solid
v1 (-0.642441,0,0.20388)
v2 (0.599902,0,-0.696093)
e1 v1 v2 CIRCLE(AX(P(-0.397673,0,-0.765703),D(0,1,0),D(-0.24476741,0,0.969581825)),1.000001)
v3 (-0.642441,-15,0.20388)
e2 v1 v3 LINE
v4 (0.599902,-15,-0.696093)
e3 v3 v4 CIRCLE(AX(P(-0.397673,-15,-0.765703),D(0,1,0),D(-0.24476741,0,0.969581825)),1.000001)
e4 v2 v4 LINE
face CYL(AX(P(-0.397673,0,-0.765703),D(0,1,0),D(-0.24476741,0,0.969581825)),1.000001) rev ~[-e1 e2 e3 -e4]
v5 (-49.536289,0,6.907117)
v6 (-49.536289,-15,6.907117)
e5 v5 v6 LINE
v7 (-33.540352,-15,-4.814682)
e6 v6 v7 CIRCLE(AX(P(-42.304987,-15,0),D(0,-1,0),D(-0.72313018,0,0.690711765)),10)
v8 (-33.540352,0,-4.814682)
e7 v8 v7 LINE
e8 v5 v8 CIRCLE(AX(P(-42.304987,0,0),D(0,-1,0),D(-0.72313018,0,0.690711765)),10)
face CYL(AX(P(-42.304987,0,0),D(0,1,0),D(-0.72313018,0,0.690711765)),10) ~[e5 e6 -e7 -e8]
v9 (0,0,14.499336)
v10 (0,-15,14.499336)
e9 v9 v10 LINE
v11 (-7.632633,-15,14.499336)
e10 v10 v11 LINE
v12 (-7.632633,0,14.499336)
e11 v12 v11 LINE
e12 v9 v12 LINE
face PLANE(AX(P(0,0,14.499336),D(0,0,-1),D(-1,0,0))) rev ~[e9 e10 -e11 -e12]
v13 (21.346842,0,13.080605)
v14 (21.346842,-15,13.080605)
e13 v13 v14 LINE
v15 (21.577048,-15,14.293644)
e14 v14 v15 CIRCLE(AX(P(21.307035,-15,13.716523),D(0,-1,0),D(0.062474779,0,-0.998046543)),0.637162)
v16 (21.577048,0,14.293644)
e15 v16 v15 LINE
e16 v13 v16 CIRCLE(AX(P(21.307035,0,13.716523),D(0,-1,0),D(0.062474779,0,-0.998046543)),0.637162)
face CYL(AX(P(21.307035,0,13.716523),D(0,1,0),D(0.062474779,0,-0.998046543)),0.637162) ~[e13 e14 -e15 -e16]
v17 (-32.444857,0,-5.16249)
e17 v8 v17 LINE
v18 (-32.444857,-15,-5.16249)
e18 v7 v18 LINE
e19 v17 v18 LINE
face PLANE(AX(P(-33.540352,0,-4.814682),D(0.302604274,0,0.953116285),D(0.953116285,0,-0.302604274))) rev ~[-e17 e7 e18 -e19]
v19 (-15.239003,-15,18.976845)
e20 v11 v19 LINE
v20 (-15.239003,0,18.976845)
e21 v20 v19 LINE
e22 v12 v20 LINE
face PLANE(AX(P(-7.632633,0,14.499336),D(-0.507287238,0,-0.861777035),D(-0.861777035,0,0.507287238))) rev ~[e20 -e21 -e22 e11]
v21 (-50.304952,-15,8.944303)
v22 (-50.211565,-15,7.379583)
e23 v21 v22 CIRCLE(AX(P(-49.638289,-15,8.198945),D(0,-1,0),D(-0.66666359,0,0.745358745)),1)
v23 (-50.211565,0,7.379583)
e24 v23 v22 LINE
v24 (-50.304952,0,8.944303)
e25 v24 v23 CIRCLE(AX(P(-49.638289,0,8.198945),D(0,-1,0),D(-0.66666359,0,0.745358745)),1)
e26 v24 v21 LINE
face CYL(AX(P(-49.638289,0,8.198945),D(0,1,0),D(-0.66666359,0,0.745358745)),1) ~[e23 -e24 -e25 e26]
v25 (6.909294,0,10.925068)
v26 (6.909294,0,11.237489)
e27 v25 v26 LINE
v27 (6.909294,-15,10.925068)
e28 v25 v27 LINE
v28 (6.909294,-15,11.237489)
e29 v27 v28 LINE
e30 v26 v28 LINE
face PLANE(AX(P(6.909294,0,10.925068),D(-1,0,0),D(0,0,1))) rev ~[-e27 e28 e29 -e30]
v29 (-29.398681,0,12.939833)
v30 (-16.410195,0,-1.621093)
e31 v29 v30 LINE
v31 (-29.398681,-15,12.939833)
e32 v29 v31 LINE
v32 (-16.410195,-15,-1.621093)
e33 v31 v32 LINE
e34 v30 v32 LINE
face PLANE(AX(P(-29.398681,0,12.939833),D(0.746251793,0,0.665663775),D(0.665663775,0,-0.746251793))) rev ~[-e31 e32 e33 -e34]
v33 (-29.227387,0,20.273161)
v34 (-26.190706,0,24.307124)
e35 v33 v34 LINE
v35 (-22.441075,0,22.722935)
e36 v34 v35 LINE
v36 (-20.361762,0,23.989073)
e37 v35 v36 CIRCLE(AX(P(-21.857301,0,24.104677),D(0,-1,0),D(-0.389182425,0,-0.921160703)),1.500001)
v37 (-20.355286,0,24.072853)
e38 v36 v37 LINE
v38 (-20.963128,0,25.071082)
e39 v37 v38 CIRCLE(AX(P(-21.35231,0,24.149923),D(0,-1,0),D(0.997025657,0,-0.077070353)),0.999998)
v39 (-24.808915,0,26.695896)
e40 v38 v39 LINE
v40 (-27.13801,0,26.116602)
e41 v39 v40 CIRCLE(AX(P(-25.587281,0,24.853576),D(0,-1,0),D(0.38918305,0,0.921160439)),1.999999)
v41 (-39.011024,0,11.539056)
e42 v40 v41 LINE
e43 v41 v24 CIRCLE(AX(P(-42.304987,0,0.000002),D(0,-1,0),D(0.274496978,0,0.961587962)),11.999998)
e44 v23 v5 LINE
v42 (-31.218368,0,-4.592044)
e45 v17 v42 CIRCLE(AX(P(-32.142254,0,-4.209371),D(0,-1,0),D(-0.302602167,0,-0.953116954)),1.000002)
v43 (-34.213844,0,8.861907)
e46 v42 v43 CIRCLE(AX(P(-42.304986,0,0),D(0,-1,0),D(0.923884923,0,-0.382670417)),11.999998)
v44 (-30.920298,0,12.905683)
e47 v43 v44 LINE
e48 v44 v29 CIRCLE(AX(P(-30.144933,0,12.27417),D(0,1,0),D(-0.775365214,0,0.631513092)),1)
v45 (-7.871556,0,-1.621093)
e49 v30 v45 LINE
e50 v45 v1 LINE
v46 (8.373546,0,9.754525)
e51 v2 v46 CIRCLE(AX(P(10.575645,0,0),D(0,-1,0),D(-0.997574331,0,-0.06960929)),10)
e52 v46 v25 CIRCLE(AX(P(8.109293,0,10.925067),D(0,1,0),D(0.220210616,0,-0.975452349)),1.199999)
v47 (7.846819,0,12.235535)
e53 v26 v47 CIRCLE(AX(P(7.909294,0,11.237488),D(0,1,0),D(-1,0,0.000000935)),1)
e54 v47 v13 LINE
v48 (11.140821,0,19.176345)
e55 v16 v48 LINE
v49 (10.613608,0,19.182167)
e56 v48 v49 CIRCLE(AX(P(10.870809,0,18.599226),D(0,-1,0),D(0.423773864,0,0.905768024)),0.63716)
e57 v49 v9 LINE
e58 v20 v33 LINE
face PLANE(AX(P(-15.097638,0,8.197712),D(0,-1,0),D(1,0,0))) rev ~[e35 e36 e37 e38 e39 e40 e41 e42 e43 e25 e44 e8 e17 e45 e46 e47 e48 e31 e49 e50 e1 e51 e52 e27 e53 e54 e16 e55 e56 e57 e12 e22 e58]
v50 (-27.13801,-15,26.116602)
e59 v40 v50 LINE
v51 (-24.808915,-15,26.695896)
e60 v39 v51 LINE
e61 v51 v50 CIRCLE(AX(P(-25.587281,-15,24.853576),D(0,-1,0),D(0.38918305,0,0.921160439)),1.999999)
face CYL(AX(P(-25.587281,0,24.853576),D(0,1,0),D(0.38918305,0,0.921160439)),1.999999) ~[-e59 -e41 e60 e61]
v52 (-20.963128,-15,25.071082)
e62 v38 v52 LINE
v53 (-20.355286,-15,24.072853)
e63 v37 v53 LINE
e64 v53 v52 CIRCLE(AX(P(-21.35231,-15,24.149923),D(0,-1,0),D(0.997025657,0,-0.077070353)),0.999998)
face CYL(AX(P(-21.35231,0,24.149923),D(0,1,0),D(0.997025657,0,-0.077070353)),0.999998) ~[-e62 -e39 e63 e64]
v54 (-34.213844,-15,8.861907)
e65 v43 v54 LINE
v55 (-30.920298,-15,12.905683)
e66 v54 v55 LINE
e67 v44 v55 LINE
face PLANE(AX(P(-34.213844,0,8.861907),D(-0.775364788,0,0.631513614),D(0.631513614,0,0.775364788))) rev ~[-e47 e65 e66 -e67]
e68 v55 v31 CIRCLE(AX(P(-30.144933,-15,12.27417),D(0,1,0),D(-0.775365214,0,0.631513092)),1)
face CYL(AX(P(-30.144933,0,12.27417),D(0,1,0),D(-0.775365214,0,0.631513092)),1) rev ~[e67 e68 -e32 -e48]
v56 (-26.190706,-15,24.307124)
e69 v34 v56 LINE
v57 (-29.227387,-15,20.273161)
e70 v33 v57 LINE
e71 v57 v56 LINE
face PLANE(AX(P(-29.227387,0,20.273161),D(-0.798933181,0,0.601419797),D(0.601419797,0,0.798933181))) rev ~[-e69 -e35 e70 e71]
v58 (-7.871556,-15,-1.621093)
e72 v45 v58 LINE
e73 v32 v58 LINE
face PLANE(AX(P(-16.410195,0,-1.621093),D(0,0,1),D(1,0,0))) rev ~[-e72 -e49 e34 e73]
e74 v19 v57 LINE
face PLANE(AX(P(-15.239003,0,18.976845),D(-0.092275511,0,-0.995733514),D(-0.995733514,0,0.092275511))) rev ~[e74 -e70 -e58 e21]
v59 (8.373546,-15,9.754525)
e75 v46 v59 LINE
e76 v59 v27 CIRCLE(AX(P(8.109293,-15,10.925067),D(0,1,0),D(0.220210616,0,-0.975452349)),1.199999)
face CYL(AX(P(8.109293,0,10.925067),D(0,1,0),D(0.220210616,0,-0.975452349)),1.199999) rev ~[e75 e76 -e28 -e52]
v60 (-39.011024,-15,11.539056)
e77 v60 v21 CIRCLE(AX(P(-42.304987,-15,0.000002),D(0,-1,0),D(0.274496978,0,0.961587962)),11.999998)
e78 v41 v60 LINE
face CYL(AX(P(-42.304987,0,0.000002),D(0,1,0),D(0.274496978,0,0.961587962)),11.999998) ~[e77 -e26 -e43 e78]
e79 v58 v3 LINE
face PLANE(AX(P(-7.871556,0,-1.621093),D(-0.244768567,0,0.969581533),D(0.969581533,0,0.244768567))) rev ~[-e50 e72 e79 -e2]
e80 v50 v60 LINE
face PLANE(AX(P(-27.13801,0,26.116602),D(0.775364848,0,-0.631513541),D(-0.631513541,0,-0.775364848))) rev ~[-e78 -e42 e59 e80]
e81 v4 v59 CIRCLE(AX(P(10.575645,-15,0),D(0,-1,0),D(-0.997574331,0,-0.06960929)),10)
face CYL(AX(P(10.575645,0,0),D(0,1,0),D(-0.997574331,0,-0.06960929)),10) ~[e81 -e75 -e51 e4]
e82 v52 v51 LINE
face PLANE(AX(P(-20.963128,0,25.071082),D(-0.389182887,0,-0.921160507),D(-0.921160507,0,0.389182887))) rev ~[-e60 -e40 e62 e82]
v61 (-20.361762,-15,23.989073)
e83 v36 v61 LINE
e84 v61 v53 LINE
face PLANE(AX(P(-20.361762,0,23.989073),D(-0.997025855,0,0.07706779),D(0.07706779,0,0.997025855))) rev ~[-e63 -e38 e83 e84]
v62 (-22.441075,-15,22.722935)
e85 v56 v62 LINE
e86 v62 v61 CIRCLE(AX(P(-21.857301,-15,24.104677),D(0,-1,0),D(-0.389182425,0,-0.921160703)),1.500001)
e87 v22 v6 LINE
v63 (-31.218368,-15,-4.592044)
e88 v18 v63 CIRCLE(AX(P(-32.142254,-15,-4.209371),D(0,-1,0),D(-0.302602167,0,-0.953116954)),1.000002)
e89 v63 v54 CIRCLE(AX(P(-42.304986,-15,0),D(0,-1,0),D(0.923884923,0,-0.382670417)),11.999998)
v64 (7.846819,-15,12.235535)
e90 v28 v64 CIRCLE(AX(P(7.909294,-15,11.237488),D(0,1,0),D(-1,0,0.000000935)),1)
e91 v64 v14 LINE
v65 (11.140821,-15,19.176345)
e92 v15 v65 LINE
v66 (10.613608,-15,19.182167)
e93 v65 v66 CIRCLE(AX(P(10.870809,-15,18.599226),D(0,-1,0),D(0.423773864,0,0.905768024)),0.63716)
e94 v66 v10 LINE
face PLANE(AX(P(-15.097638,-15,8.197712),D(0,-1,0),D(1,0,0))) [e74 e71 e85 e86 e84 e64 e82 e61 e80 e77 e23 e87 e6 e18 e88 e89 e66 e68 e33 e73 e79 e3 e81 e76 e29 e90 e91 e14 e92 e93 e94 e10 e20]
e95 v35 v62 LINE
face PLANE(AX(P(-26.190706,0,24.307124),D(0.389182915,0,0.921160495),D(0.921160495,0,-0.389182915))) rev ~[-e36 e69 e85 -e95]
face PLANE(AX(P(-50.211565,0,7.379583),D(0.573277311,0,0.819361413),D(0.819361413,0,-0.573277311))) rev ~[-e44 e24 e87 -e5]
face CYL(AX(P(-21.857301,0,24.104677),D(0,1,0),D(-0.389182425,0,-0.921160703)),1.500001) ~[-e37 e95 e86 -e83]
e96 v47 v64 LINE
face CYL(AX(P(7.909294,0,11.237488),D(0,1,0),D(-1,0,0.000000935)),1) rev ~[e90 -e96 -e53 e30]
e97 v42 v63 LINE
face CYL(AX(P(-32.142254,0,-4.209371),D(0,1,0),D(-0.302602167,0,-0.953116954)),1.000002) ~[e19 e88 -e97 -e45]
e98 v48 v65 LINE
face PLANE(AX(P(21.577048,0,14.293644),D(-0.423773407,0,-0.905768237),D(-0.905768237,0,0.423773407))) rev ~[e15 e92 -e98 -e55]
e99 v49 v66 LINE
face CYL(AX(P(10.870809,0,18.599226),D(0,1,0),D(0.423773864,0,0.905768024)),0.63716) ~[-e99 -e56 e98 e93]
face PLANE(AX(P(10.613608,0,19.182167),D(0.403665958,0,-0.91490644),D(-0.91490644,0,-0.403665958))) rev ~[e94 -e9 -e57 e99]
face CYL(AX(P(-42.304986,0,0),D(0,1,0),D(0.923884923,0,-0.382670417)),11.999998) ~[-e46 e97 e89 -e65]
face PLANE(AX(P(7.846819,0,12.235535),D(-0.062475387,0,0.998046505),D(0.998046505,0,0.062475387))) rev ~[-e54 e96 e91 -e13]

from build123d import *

# Parameters (mm, degrees)
F1_DEPTH = 15


with BuildPart() as f1:
    # F0 (on Front) → F1 (new body)
    with BuildSketch(Plane.XZ):
        with BuildLine():
            Line((-50.211565, 7.379583), (-49.536289, 6.907117))
            ThreePointArc((-49.536289, 6.907117), (-48.215818, -8.066107), (-33.540352, -4.814682))
            Line((-33.540352, -4.814682), (-32.444857, -5.16249))
            ThreePointArc((-32.444857, -5.16249), (-31.720531, -5.116098), (-31.218368, -4.592044))
            ThreePointArc((-31.218368, -4.592044), (-30.591796, 2.607902), (-34.213844, 8.861907))
            Line((-34.213844, 8.861907), (-30.920298, 12.905683))
            ThreePointArc((-30.920298, 12.905683), (-30.167371, 13.273918), (-29.398681, 12.939833))
            Line((-29.398681, 12.939833), (-16.410195, -1.621093))
            Line((-16.410195, -1.621093), (-7.871556, -1.621093))
            Line((-7.871556, -1.621093), (-0.642441, 0.20388))
            ThreePointArc((-0.642441, 0.20388), (0.188985, 0.044133), (0.599902, -0.696093))
            ThreePointArc((0.599902, -0.696093), (18.599287, -5.968348), (8.373546, 9.754525))
            ThreePointArc((8.373546, 9.754525), (7.359995, 9.987757), (6.909294, 10.925068))
            Line((6.909294, 10.925068), (6.909294, 11.237489))
            ThreePointArc((6.909294, 11.237489), (7.180434, 11.922151), (7.846819, 12.235535))
            Line((7.846819, 12.235535), (21.346842, 13.080605))
            ThreePointArc((21.346842, 13.080605), (21.933025, 13.597725), (21.577048, 14.293644))
            Line((21.577048, 14.293644), (11.140821, 19.176345))
            ThreePointArc((11.140821, 19.176345), (10.877845, 19.236347), (10.613608, 19.182167))
            Line((10.613608, 19.182167), (0, 14.499336))
            Line((0, 14.499336), (-7.632633, 14.499336))
            Line((-7.632633, 14.499336), (-15.239003, 18.976845))
            Line((-15.239003, 18.976845), (-29.227387, 20.273161))
            Line((-29.227387, 20.273161), (-26.190706, 24.307124))
            Line((-26.190706, 24.307124), (-22.441075, 22.722935))
            ThreePointArc((-22.441075, 22.722935), (-21.077169, 22.823507), (-20.361762, 23.989073))
            Line((-20.361762, 23.989073), (-20.355286, 24.072853))
            ThreePointArc((-20.355286, 24.072853), (-20.498198, 24.670009), (-20.963128, 25.071082))
            Line((-20.963128, 25.071082), (-24.808915, 26.695896))
            ThreePointArc((-24.808915, 26.695896), (-26.070014, 26.794443), (-27.13801, 26.116602))
            Line((-27.13801, 26.116602), (-39.011024, 11.539056))
            ThreePointArc((-39.011024, 11.539056), (-44.991956, 11.695307), (-50.304952, 8.944303))
            ThreePointArc((-50.304952, 8.944303), (-50.636512, 8.139368), (-50.211565, 7.379583))
        make_face()
    extrude(amount=F1_DEPTH)


solid = f1.part
